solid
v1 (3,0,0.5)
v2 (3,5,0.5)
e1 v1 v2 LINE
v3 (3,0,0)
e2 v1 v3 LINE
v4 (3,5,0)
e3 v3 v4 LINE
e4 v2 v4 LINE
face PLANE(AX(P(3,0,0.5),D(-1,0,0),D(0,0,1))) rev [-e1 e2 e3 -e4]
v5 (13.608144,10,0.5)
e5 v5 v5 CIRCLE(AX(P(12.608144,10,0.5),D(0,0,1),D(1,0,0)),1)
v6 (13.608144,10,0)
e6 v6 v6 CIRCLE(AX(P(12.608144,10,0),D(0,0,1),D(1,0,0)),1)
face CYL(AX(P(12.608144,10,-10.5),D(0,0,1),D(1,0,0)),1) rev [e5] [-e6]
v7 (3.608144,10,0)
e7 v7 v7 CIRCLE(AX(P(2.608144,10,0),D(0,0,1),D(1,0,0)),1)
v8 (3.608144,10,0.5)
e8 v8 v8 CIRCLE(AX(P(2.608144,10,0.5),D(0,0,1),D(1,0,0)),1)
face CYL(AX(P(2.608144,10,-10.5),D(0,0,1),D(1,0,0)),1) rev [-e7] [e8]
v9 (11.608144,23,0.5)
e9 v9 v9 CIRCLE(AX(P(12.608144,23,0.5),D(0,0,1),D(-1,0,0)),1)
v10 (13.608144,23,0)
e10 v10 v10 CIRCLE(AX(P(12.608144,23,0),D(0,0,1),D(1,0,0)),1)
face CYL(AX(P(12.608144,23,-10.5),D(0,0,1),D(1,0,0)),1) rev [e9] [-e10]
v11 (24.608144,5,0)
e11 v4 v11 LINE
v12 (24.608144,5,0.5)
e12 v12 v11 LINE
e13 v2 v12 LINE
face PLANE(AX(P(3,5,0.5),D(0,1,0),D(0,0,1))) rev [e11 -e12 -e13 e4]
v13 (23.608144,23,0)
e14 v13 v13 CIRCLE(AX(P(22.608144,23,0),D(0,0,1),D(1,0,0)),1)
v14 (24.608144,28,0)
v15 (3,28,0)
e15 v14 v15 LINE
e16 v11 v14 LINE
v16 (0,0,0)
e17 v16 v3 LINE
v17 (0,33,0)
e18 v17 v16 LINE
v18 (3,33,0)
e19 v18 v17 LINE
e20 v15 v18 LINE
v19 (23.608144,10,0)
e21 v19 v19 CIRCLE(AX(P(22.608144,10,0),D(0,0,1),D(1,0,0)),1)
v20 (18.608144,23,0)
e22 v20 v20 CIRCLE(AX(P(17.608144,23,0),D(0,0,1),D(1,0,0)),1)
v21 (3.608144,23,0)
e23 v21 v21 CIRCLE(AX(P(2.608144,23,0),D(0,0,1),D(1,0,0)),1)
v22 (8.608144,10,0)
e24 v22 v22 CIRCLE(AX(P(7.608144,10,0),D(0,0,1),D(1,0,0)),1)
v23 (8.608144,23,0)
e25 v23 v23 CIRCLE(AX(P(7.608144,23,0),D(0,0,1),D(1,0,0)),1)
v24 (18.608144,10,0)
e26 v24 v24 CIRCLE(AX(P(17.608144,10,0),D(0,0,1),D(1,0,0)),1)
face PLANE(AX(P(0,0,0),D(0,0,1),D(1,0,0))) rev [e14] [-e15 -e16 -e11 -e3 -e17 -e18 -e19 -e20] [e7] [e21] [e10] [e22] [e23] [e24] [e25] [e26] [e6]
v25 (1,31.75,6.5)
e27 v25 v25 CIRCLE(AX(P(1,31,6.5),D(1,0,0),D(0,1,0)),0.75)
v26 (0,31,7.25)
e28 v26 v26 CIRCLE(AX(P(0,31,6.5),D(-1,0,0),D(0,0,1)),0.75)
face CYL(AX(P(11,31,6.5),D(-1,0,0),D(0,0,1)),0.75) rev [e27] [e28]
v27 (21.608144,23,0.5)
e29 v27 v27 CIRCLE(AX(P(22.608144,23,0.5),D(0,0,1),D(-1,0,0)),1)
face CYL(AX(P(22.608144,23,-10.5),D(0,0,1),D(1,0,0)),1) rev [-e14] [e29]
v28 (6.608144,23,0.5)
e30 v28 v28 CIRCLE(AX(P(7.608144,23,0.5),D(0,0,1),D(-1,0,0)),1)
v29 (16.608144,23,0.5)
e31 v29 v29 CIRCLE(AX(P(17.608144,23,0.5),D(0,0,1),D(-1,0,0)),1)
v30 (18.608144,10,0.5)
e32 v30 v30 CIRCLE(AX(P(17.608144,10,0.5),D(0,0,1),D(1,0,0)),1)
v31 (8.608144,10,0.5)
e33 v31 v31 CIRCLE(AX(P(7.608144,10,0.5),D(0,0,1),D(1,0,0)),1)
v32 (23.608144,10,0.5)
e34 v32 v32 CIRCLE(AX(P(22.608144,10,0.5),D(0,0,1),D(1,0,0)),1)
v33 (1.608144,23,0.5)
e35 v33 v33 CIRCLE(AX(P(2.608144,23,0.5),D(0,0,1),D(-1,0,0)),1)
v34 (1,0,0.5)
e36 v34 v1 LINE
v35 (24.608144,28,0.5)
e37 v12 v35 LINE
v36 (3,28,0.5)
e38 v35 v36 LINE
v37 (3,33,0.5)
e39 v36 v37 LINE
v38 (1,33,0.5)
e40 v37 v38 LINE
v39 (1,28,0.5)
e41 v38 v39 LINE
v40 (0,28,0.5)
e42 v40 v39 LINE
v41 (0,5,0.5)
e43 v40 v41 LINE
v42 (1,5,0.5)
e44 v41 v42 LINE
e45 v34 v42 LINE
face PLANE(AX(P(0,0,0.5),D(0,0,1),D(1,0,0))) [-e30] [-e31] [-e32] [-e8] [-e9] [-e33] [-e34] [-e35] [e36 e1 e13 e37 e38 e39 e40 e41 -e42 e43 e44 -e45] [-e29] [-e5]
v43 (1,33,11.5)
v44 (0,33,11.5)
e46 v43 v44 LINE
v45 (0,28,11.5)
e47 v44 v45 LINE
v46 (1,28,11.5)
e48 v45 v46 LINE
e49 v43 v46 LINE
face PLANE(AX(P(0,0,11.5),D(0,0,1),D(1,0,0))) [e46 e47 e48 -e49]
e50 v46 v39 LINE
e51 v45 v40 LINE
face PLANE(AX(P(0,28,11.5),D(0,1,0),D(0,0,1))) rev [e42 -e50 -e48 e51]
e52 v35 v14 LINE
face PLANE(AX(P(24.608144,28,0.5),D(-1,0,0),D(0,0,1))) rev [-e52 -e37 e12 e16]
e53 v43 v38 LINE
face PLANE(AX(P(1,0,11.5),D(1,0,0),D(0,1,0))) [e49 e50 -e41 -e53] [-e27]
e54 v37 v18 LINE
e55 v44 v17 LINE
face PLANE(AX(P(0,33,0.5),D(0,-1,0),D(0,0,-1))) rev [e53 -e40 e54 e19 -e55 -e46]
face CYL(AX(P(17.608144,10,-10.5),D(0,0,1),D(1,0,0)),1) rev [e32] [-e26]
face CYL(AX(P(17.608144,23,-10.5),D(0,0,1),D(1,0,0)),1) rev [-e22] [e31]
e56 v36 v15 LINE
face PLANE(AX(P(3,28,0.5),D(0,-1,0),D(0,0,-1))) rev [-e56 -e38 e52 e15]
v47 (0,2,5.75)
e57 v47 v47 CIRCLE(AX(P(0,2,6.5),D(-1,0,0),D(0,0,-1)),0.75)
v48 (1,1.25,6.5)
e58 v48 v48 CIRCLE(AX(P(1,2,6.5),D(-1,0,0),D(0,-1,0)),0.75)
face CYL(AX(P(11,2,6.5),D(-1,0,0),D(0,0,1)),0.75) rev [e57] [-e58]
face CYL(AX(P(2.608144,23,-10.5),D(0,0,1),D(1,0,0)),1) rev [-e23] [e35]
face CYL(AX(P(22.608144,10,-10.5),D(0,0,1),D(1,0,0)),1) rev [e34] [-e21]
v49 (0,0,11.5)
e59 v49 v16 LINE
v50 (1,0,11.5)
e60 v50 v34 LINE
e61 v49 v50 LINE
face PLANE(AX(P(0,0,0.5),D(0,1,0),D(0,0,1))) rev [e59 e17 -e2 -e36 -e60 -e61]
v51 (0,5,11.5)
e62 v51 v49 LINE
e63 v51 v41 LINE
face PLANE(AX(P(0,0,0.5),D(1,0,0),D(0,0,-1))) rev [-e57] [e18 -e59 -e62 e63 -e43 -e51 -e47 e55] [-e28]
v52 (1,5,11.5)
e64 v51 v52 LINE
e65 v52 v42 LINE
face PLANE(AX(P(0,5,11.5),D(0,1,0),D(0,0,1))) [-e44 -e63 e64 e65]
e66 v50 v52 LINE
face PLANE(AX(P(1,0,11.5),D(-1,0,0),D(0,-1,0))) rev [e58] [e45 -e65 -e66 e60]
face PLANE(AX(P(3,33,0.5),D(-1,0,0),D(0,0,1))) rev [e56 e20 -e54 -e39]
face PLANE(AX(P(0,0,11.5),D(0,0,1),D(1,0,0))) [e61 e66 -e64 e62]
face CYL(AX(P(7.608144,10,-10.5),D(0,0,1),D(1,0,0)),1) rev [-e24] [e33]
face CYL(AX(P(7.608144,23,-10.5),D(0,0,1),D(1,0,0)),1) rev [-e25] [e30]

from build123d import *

# Parameters (mm, degrees)
BOSS_EXTRU_1_DEPTH      = 0.5
ESQUISSE2_W             = 1
ESQUISSE2_H             = 5
BOSS_EXTRU_2_DEPTH      = 11
ESQUISSE6_R             = 1
ENL_V_MAT_EXTRU_3_DEPTH = 11
ESQUISSE7_R             = 0.75
ENL_V_MAT_EXTRU_4_DEPTH = 11


with BuildPart() as part:
    # Esquisse1 → Boss.-Extru.1 (new body)
    with BuildSketch(Plane.XY):
        Polygon((3, 5), (24.608143501, 5), (24.608143501, 28), (3, 28), (3, 33), (0, 33), (0, 0), (3, 0), align=None)
    extrude(amount=BOSS_EXTRU_1_DEPTH)

    # Esquisse2 → Boss.-Extru.2 (add)
    with BuildSketch(Plane.XY.offset(0.5)):
        with Locations((0.5, 30.5)):
            Rectangle(ESQUISSE2_W, ESQUISSE2_H)
        with Locations((0.5, 2.5)):
            Rectangle(ESQUISSE2_W, ESQUISSE2_H)
    extrude(amount=BOSS_EXTRU_2_DEPTH)

    # Esquisse6 → Enlèv. mat.-Extru.3 (cut)
    with BuildSketch(Plane.XY.offset(0.5)):
        with Locations((22.608143501, 10)):
            Circle(ESQUISSE6_R)
        with Locations((17.608143501, 10)):
            Circle(ESQUISSE6_R)
        with Locations((12.608143501, 10)):
            Circle(ESQUISSE6_R)
        with Locations((7.608143501, 10)):
            Circle(ESQUISSE6_R)
        with Locations((2.608143501, 10)):
            Circle(ESQUISSE6_R)
        with Locations((2.608143501, 23)):
            Circle(ESQUISSE6_R)
        with Locations((7.608143501, 23)):
            Circle(ESQUISSE6_R)
        with Locations((12.608143501, 23)):
            Circle(ESQUISSE6_R)
        with Locations((17.608143501, 23)):
            Circle(ESQUISSE6_R)
        with Locations((22.608143501, 23)):
            Circle(ESQUISSE6_R)
    extrude(amount=-ENL_V_MAT_EXTRU_3_DEPTH, mode=Mode.SUBTRACT)

    # Esquisse7 → Enlèv. mat.-Extru.4 (cut)
    with BuildSketch(Plane.ZY):
        with Locations((6.5, 31)):
            Circle(ESQUISSE7_R)
        with Locations(Location((6.5, 2, 0), (0, 0, 270))):
            Circle(ESQUISSE7_R)
    extrude(amount=-ENL_V_MAT_EXTRU_4_DEPTH, mode=Mode.SUBTRACT)


solid = part.part
